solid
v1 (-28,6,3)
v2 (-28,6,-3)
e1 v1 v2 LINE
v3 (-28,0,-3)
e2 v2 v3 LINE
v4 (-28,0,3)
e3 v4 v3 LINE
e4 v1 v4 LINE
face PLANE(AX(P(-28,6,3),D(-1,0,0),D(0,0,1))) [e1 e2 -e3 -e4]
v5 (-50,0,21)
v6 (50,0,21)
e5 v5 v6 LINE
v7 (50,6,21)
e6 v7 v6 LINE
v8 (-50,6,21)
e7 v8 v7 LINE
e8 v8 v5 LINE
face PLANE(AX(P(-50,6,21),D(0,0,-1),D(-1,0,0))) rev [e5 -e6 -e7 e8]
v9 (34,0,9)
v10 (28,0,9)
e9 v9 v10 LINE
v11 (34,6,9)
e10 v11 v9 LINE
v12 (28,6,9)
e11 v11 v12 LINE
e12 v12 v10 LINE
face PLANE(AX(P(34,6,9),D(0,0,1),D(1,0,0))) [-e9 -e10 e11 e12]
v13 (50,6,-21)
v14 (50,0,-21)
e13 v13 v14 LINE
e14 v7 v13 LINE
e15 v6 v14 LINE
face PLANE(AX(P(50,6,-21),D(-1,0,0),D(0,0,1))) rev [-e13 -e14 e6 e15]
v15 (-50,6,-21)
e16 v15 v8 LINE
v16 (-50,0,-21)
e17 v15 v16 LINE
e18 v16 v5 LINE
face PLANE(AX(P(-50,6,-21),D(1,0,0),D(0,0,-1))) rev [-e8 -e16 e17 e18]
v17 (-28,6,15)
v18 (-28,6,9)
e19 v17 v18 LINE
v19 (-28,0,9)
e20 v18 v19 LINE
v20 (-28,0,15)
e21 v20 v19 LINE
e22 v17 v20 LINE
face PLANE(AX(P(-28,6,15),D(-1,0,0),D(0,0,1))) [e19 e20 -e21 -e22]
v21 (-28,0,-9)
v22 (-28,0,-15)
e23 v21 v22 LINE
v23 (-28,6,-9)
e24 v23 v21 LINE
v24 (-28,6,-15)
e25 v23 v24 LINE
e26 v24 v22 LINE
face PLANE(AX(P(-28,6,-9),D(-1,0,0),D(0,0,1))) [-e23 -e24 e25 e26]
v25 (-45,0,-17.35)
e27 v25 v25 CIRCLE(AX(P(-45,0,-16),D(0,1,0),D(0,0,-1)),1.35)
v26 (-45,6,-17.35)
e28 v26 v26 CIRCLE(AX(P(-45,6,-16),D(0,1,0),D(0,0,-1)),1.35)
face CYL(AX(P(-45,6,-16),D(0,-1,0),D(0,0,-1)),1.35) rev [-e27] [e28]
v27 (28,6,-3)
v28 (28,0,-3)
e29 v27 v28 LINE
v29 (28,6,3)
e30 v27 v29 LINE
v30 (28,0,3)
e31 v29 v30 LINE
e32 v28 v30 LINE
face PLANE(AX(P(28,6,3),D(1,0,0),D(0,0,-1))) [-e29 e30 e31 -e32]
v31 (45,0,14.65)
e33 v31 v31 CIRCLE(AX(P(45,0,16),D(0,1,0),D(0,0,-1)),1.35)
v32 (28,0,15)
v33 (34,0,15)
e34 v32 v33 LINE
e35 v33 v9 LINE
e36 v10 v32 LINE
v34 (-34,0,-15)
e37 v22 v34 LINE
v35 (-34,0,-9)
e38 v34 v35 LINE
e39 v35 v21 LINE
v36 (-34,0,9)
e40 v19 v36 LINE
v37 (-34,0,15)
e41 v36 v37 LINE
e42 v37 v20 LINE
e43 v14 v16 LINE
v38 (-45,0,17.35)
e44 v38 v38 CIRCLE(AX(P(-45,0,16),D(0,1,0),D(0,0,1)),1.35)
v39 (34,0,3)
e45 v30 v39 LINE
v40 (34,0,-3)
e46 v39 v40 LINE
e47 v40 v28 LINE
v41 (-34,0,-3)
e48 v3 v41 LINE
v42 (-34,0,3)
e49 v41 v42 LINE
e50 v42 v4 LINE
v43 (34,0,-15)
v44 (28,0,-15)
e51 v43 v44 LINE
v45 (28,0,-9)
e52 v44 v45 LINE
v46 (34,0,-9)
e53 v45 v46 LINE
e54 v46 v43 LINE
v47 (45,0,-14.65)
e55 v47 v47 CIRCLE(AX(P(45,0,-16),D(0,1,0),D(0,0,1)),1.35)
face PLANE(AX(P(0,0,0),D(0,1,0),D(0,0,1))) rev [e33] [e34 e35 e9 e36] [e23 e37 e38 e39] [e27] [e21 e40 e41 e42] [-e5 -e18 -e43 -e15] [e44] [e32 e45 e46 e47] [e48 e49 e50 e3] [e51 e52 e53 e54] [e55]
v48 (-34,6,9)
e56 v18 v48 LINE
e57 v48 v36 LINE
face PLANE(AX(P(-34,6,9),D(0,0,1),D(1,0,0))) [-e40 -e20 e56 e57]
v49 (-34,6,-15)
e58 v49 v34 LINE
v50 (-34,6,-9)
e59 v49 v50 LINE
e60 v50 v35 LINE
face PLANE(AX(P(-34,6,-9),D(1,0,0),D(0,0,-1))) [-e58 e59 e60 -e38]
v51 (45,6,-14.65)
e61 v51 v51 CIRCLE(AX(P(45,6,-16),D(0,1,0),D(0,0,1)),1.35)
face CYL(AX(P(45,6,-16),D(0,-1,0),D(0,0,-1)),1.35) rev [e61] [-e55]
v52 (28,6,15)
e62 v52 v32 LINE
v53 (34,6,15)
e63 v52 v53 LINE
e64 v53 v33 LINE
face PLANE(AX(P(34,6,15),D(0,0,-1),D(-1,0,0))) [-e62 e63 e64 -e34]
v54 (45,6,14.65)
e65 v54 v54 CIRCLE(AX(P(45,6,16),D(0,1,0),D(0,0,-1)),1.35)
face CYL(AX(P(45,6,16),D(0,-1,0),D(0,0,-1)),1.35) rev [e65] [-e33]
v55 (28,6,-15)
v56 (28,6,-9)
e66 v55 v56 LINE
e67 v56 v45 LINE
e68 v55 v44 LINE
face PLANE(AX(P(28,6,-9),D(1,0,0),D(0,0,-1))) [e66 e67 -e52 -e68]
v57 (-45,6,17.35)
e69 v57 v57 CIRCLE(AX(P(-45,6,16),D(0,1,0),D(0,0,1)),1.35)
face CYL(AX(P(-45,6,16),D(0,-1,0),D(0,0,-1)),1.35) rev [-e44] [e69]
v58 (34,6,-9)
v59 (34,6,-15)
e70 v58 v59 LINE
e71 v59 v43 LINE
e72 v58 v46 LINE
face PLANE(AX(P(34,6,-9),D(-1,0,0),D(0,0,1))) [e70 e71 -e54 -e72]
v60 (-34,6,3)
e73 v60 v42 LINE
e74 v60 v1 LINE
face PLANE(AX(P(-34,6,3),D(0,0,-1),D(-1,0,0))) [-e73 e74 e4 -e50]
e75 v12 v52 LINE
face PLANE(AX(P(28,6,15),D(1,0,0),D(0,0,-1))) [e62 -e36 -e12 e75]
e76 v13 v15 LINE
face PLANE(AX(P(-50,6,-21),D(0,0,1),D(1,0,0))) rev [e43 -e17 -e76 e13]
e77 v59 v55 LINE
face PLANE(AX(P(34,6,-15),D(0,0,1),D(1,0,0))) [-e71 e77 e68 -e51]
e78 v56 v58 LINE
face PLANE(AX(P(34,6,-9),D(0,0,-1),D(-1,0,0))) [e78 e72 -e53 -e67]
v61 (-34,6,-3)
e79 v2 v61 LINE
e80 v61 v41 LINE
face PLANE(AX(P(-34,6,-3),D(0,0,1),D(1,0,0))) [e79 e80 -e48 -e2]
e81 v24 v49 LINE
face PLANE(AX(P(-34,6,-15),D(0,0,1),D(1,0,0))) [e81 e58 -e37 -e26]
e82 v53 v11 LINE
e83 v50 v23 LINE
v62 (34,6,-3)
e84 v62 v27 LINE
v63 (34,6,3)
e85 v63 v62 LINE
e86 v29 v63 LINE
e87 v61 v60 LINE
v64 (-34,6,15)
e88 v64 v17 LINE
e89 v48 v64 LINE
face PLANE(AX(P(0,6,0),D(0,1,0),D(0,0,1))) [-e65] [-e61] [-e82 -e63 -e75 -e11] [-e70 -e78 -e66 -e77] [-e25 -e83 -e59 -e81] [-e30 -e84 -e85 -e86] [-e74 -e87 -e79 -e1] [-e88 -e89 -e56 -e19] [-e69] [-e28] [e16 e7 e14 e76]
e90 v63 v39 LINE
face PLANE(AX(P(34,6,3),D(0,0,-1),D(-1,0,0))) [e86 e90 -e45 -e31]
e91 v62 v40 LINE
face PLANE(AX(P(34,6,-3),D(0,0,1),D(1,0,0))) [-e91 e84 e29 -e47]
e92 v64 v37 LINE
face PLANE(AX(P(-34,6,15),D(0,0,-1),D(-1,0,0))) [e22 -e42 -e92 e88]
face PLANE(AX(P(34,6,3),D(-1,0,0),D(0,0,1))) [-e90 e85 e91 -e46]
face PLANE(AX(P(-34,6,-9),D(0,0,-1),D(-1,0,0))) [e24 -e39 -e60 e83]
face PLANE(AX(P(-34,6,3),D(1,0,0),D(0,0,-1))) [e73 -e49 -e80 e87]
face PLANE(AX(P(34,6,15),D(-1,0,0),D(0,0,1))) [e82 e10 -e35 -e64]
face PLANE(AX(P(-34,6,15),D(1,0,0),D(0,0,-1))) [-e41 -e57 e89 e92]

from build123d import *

# Parameters (mm, degrees)
SKETCH2_W           = 100
SKETCH2_H           = 42
SKETCH2_R           = 1.35
SKETCH2_W_2         = 6
SKETCH2_H_2         = 6
BOSS_EXTRUDE1_DEPTH = 6


with BuildPart() as part:
    # Sketch2 → Boss-Extrude1 (new body)
    with BuildSketch(Plane(origin=(0, 0, 0), x_dir=(1, 0, 0), z_dir=(0, 1, 0))):
        Rectangle(SKETCH2_W, SKETCH2_H)
        with Locations((-45, -16)):
            Circle(SKETCH2_R, mode=Mode.SUBTRACT)
        with Locations((-45, 16)):
            Circle(SKETCH2_R, mode=Mode.SUBTRACT)
        with Locations((45, 16)):
            Circle(SKETCH2_R, mode=Mode.SUBTRACT)
        with Locations((45, -16)):
            Circle(SKETCH2_R, mode=Mode.SUBTRACT)
        with Locations((-31, -12)):
            Rectangle(SKETCH2_W_2, SKETCH2_H_2, mode=Mode.SUBTRACT)
        with Locations((-31, 0)):
            Rectangle(SKETCH2_W_2, SKETCH2_H_2, mode=Mode.SUBTRACT)
        with Locations((-31, 12)):
            Rectangle(SKETCH2_W_2, SKETCH2_H_2, mode=Mode.SUBTRACT)
        with Locations((31, -12)):
            Rectangle(SKETCH2_W_2, SKETCH2_H_2, mode=Mode.SUBTRACT)
        with Locations((31, 0)):
            Rectangle(SKETCH2_W_2, SKETCH2_H_2, mode=Mode.SUBTRACT)
        with Locations((31, 12)):
            Rectangle(SKETCH2_W_2, SKETCH2_H_2, mode=Mode.SUBTRACT)
    extrude(amount=BOSS_EXTRUDE1_DEPTH)


solid = part.part
